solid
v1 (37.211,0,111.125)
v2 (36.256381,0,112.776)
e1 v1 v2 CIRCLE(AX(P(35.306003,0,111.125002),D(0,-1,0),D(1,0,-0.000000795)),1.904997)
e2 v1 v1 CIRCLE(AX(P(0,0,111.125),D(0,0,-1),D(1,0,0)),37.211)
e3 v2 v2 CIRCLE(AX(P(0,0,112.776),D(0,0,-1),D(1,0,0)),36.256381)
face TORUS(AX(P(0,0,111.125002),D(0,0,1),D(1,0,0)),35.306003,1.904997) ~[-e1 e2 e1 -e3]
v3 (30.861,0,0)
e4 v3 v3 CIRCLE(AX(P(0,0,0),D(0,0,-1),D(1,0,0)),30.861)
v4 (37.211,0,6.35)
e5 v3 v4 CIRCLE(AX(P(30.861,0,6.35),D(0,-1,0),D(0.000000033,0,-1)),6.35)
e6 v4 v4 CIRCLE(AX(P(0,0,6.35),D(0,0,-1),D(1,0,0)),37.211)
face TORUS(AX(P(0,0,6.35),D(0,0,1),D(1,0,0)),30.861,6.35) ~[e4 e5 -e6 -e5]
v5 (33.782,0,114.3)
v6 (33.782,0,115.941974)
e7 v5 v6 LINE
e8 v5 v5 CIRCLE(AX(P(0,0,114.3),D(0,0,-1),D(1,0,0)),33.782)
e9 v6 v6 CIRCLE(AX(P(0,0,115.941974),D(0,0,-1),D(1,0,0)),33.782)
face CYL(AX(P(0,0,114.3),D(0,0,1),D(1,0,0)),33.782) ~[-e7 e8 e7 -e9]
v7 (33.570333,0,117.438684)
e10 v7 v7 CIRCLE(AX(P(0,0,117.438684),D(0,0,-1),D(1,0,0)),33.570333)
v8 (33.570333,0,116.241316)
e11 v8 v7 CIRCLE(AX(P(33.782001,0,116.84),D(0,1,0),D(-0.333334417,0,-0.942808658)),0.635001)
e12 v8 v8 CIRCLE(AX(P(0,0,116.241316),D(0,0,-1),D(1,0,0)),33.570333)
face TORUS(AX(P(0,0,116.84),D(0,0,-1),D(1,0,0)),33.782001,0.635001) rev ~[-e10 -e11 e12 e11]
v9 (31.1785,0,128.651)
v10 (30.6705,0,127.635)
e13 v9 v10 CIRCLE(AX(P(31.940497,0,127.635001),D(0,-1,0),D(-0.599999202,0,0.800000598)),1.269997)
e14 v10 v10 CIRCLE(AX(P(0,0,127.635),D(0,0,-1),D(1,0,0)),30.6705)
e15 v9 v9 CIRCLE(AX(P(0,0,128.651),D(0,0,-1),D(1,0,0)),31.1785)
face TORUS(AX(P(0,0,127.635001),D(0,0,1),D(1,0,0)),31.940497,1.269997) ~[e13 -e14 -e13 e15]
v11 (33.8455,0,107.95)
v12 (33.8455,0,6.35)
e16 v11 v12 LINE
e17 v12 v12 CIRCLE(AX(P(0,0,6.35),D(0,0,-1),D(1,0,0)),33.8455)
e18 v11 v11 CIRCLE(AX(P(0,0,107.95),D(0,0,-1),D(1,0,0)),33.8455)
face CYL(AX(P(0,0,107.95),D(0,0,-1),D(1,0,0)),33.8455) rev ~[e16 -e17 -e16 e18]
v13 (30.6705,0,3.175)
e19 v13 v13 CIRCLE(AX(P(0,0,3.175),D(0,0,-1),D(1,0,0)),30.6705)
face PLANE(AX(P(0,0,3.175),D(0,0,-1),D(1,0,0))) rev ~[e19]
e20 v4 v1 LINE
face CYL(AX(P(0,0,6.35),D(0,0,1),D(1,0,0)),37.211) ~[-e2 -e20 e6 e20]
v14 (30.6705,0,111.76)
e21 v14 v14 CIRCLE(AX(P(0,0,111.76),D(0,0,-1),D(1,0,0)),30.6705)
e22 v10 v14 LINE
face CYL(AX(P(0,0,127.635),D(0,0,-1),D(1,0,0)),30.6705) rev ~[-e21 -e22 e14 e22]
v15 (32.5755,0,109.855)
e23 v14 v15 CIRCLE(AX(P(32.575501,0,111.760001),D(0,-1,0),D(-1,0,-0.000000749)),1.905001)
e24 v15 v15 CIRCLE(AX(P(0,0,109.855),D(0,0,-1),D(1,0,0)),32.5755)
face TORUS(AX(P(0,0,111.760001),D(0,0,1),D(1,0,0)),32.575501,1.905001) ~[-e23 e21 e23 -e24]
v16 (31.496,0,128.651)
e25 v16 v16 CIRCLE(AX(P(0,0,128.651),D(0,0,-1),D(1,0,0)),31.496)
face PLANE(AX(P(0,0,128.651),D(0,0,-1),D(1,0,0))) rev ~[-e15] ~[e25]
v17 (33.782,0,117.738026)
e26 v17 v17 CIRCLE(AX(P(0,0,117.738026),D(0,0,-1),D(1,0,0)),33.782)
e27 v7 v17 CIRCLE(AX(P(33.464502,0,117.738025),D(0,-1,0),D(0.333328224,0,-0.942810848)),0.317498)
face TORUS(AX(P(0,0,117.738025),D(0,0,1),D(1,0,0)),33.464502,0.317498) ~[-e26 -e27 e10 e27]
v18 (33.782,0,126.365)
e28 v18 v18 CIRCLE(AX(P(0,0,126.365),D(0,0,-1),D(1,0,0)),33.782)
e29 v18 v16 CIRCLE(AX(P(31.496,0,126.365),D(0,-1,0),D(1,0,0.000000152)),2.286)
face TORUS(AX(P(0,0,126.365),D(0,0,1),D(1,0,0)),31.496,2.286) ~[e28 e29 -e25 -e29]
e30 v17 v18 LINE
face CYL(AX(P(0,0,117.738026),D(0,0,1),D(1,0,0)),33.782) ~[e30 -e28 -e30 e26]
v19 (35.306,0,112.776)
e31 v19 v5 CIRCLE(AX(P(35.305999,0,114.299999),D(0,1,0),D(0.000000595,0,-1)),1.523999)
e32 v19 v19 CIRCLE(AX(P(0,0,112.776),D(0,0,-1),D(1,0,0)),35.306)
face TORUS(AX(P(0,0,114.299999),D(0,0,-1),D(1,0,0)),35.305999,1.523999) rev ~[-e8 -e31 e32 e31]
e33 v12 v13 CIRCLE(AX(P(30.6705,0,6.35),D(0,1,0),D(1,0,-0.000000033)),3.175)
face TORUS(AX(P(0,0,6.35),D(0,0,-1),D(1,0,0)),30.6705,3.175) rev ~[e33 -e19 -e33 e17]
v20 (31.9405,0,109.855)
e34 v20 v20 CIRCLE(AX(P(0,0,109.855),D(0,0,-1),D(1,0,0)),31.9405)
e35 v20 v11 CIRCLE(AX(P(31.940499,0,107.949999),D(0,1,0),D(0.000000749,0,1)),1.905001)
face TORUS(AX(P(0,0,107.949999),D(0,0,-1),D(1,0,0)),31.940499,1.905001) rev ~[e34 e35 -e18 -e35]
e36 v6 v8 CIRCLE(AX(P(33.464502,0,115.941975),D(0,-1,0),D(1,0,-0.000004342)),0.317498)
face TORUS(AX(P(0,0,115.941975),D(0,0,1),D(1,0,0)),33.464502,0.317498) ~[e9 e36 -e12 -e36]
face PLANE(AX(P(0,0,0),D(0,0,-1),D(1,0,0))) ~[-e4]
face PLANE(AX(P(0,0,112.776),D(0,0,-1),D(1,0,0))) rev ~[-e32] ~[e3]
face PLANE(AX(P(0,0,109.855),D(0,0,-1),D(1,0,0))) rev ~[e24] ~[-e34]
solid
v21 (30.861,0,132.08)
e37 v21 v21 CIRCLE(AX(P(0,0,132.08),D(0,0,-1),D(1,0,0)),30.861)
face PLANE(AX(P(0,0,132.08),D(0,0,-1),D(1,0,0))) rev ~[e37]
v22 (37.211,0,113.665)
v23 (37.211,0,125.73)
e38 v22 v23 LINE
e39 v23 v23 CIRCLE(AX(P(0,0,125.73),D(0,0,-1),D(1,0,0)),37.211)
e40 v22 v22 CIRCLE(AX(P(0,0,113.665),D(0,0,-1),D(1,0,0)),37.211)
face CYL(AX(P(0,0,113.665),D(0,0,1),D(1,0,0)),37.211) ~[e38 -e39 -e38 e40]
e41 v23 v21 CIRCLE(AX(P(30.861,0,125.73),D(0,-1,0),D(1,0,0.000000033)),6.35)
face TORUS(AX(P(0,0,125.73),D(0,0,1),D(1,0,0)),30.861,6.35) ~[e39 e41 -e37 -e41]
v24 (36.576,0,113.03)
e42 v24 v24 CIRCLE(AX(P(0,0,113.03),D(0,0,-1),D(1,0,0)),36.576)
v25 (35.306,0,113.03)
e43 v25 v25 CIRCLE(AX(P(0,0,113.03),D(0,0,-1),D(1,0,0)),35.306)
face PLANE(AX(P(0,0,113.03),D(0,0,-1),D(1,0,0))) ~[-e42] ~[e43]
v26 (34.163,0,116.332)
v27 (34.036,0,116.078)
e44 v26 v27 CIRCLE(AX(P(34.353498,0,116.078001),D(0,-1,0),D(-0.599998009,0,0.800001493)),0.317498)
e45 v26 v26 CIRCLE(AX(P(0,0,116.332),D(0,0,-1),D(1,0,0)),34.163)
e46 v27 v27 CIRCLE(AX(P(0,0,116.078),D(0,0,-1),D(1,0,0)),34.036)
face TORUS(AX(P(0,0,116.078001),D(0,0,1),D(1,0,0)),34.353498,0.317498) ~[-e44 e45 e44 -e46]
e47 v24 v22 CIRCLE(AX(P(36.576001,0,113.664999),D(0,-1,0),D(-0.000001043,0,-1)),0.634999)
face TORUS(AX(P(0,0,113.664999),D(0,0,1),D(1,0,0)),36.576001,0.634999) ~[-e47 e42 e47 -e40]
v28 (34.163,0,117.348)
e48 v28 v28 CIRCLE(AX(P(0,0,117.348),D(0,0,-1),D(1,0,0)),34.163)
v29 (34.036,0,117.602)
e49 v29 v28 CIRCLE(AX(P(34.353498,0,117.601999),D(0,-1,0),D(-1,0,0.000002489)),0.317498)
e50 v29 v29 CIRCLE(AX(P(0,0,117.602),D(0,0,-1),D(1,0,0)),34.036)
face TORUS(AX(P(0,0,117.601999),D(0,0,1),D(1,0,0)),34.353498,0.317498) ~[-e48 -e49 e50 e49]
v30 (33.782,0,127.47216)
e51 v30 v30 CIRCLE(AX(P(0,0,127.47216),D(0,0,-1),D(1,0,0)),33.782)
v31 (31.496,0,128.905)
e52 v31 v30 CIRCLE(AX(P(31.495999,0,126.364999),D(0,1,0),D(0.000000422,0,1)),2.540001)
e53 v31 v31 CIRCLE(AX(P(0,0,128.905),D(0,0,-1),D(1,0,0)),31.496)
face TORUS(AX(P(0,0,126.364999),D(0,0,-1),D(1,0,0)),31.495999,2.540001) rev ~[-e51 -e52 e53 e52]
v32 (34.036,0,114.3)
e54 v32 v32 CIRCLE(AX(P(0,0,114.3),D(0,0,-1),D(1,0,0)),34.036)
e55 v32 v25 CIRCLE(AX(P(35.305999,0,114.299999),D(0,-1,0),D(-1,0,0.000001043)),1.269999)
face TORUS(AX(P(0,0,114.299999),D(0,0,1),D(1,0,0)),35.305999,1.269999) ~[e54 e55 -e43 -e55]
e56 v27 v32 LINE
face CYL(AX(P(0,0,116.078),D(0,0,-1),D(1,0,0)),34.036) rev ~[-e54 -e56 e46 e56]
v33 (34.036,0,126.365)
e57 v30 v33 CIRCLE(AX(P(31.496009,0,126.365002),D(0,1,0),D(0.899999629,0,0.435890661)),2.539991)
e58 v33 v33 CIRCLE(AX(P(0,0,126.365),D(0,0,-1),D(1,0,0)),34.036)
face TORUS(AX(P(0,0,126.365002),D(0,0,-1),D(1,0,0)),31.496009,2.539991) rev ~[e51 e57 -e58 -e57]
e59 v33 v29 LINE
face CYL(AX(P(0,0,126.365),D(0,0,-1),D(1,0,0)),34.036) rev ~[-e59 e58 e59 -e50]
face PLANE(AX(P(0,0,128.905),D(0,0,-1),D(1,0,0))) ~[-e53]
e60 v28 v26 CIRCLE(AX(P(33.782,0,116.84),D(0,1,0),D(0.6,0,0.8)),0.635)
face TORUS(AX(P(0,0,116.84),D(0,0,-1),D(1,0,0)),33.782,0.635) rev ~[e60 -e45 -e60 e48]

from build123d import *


with BuildPart() as f1:
    # F0 (on Front) → F1 (revolve)
    with BuildSketch(Plane.XZ):
        with BuildLine():
            ThreePointArc((31.496, 128.905), (32.844965, 128.517183), (33.782, 127.47216))
            ThreePointArc((33.782, 127.47216), (33.971686, 126.932961), (34.036, 126.365))
            Line((34.036, 126.365), (34.036, 117.602))
            ThreePointArc((34.036, 117.602), (34.069519, 117.46001), (34.163, 117.348))
            ThreePointArc((34.163, 117.348), (34.417, 116.84), (34.163, 116.332))
            ThreePointArc((34.163, 116.332), (34.069519, 116.21999), (34.036, 116.078))
            Line((34.036, 116.078), (34.036, 114.3))
            ThreePointArc((34.036, 114.3), (34.407974, 113.401974), (35.306, 113.03))
            Line((35.306, 113.03), (36.576, 113.03))
            ThreePointArc((36.576, 113.03), (37.025013, 113.215987), (37.211, 113.665))
            Line((37.211, 113.665), (37.211, 125.73))
            ThreePointArc((37.211, 125.73), (35.351128, 130.220128), (30.861, 132.08))
            Line((30.861, 132.08), (0, 132.08))
            Line((0, 132.08), (0, 128.905))
            Line((0, 128.905), (30.6705, 128.905))
            Line((30.6705, 128.905), (31.496, 128.905))
        make_face()
    revolve(axis=Axis((0, 0, 130.4925), (0, 0, -1)))


with BuildPart() as f2:
    # F0 (on Front) → F2 (revolve)
    with BuildSketch(Plane.XZ):
        with BuildLine():
            Line((0, 3.175), (0, 0))
            Line((0, 0), (30.861, 0))
            ThreePointArc((30.861, 0), (35.351128, 1.859872), (37.211, 6.35))
            Line((37.211, 6.35), (37.211, 111.125))
            ThreePointArc((37.211, 111.125), (36.955167, 112.078559), (36.256381, 112.776))
            Line((36.256381, 112.776), (35.306, 112.776))
            ThreePointArc((35.306, 112.776), (34.228369, 113.222369), (33.782, 114.3))
            Line((33.782, 114.3), (33.782, 115.941974))
            ThreePointArc((33.782, 115.941974), (33.723738, 116.125283), (33.570333, 116.241316))
            ThreePointArc((33.570333, 116.241316), (33.147, 116.84), (33.570333, 117.438684))
            ThreePointArc((33.570333, 117.438684), (33.723738, 117.554717), (33.782, 117.738026))
            Line((33.782, 117.738026), (33.782, 126.365))
            ThreePointArc((33.782, 126.365), (33.112446, 127.981446), (31.496, 128.651))
            Line((31.496, 128.651), (31.1785, 128.651))
            ThreePointArc((31.1785, 128.651), (30.804577, 128.202961), (30.6705, 127.635))
            Line((30.6705, 127.635), (30.6705, 111.76))
            ThreePointArc((30.6705, 111.76), (31.228462, 110.412962), (32.5755, 109.855))
            Line((32.5755, 109.855), (31.9405, 109.855))
            ThreePointArc((31.9405, 109.855), (33.287538, 109.297038), (33.8455, 107.95))
            Line((33.8455, 107.95), (33.8455, 6.35))
            ThreePointArc((33.8455, 6.35), (32.915564, 4.104936), (30.6705, 3.175))
            Line((30.6705, 3.175), (0, 3.175))
        make_face()
    revolve(axis=Axis((0, 0, 1.5875), (0, 0, -1)))


solid = Compound([f1.part, f2.part])
